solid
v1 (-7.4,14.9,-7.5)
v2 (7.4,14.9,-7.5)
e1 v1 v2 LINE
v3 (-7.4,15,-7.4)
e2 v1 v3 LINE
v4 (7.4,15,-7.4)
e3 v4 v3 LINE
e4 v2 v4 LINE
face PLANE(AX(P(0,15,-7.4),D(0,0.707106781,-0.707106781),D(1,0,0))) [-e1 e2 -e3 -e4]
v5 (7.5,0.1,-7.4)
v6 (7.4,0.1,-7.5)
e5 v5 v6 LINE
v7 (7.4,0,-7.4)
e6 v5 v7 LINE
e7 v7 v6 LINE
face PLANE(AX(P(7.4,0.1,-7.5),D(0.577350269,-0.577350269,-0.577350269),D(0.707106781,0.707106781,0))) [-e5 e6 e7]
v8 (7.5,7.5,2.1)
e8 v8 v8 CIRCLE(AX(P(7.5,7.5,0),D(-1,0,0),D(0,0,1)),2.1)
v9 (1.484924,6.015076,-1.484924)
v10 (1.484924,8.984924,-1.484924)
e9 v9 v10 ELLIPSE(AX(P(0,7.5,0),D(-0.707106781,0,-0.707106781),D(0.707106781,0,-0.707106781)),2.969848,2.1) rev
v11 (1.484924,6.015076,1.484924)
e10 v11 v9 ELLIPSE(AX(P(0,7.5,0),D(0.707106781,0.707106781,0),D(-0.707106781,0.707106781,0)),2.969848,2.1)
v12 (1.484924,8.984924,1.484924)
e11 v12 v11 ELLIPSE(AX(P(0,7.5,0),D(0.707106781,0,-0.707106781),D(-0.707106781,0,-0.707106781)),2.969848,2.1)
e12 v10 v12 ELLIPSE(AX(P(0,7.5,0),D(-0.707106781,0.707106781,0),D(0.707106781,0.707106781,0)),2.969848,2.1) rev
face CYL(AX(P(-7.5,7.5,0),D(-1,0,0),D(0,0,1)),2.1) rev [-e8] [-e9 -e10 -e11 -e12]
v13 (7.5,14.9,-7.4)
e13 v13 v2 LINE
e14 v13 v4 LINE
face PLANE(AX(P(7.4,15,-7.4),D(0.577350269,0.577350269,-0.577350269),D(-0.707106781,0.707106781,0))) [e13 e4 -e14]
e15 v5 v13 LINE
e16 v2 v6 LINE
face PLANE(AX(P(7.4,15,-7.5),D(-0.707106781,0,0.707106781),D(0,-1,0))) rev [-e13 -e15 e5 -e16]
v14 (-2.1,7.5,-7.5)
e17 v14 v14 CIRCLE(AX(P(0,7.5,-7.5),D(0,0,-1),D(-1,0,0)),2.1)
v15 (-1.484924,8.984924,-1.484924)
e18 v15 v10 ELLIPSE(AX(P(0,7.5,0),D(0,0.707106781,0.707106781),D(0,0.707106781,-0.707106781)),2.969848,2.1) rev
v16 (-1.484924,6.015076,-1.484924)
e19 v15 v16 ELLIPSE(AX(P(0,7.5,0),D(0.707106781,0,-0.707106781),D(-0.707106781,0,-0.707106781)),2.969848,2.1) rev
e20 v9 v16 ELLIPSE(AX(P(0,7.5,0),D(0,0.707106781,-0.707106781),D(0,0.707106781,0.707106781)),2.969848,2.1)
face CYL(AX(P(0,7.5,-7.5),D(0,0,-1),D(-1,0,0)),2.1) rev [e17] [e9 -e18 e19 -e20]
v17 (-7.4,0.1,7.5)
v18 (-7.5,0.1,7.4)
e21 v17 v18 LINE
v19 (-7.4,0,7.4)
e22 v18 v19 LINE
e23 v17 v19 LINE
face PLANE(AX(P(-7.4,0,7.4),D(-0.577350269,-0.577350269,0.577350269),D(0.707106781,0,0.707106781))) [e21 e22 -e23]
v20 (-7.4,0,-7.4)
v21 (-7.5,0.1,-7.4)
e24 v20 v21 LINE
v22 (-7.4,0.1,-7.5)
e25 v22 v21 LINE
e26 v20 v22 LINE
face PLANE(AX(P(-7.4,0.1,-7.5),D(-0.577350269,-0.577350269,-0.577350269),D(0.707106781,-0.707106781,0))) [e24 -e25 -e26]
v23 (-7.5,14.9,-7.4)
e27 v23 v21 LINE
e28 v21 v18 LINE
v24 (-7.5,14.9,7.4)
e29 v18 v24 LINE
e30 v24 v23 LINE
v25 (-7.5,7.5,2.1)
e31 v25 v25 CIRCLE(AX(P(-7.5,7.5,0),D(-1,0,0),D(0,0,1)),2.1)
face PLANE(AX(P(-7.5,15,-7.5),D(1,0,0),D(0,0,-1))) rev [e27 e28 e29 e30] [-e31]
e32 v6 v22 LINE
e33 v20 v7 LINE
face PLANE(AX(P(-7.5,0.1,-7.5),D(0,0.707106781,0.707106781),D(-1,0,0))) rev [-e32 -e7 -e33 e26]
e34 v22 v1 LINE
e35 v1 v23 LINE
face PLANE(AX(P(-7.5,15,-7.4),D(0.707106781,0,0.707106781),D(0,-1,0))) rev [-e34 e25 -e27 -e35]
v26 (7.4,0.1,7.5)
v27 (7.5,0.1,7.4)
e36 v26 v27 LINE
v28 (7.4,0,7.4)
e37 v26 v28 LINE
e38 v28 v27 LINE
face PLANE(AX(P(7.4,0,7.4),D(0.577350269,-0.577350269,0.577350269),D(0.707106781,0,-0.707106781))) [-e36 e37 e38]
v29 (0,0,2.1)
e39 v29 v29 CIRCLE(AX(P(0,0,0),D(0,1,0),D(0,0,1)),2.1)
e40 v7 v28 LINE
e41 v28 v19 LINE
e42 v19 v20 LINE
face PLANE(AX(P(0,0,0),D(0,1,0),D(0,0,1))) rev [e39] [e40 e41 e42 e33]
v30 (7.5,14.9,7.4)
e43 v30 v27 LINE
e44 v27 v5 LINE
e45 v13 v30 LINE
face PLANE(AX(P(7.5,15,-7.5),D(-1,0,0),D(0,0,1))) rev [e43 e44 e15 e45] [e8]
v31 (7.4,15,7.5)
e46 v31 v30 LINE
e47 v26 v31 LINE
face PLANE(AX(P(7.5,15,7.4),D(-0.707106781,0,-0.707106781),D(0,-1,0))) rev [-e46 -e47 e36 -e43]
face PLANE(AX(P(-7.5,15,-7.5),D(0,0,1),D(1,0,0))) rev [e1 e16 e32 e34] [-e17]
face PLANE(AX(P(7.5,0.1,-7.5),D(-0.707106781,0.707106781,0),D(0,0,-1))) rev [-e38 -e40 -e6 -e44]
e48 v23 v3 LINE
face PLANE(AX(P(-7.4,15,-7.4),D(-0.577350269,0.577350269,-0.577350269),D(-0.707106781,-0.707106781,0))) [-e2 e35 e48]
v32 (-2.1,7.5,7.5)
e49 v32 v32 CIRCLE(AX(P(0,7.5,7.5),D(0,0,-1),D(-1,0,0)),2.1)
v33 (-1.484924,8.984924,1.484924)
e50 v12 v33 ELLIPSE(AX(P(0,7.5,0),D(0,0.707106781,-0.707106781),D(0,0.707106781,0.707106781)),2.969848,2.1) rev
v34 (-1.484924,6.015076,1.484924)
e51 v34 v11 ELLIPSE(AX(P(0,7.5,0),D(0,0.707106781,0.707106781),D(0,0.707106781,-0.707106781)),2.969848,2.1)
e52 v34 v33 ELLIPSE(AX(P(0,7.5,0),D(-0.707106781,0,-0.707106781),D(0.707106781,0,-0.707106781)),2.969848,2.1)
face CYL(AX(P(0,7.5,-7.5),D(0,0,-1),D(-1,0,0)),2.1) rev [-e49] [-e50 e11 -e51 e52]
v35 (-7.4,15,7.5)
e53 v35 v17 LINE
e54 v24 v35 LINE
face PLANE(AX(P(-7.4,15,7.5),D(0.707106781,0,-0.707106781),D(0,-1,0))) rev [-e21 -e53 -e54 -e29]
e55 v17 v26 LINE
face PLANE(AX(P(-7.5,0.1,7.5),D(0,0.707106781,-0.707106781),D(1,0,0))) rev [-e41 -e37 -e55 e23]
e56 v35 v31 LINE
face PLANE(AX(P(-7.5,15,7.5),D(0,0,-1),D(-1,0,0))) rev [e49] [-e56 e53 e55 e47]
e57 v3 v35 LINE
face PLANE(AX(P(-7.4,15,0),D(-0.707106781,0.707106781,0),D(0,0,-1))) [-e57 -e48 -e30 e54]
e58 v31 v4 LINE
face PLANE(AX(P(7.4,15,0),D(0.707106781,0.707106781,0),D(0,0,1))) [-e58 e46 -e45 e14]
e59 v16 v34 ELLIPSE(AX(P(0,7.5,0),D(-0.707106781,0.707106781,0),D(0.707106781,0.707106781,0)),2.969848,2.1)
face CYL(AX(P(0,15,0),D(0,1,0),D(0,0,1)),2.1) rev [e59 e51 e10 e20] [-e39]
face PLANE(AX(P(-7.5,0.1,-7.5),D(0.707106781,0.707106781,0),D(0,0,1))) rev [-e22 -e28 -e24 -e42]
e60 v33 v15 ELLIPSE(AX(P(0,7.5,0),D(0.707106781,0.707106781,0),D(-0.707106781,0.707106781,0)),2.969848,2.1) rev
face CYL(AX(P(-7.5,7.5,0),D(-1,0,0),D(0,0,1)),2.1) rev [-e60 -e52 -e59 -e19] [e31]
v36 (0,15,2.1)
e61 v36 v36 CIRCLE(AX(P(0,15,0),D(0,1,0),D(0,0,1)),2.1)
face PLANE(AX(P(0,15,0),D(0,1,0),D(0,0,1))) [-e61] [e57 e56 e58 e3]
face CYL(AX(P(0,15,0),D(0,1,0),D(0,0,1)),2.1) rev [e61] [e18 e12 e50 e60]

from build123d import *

# Parameters (mm, degrees)
SKETCH_1_W      = 15
SKETCH_1_H      = 15
EXTRUDE_1_DEPTH = 15
M5X0_8_1_D      = 4.2
M5X0_8_2_D      = 4.2
M5X0_8_3_D      = 4.2
CHAMFER_1_SIZE  = 0.1


with BuildPart() as part:
    # 草图1 → 凸台-拉伸1 (new body)
    with BuildSketch(Plane(origin=(0, 0, 0), x_dir=(1, 0, 0), z_dir=(0, 1, 0))):
        Rectangle(SKETCH_1_W, SKETCH_1_H)
    extrude(amount=EXTRUDE_1_DEPTH)

    # M5x0.8 螺纹孔1 (through all)
    with Locations(Plane(origin=(0, 15, 0), x_dir=(1, 0, 0), z_dir=(0, 1, 0))):
        with Locations((0, 0)):
            Hole(M5X0_8_1_D / 2)

    # M5x0.8 螺纹孔2 (through all)
    with Locations(Plane(origin=(0, 0, -7.5), x_dir=(-1, 0, 0), z_dir=(0, 0, -1))):
        with Locations((0, 7.5)):
            Hole(M5X0_8_2_D / 2)

    # M5x0.8 螺纹孔3 (through all)
    with Locations(Plane.ZY.offset(7.5)):
        with Locations((0, 7.5)):
            Hole(M5X0_8_3_D / 2)

    # 倒角1
    chamfer_1_edges = [part.edges().sort_by_distance(p)[0] for p in [
        (-7.5, 15, 0),
        (7.5, 15, 0),
        (0, 0, 7.5),
        (-7.5, 0, 0),
        (0, 0, -7.5),
        (7.5, 0, 0),
        (7.5, 7.5, 7.5),
        (-7.5, 7.5, 7.5),
        (-7.5, 7.5, -7.5),
        (7.5, 7.5, -7.5),
        (0, 15, -7.5),
    ]]
    chamfer(chamfer_1_edges, length=CHAMFER_1_SIZE)


solid = part.part
